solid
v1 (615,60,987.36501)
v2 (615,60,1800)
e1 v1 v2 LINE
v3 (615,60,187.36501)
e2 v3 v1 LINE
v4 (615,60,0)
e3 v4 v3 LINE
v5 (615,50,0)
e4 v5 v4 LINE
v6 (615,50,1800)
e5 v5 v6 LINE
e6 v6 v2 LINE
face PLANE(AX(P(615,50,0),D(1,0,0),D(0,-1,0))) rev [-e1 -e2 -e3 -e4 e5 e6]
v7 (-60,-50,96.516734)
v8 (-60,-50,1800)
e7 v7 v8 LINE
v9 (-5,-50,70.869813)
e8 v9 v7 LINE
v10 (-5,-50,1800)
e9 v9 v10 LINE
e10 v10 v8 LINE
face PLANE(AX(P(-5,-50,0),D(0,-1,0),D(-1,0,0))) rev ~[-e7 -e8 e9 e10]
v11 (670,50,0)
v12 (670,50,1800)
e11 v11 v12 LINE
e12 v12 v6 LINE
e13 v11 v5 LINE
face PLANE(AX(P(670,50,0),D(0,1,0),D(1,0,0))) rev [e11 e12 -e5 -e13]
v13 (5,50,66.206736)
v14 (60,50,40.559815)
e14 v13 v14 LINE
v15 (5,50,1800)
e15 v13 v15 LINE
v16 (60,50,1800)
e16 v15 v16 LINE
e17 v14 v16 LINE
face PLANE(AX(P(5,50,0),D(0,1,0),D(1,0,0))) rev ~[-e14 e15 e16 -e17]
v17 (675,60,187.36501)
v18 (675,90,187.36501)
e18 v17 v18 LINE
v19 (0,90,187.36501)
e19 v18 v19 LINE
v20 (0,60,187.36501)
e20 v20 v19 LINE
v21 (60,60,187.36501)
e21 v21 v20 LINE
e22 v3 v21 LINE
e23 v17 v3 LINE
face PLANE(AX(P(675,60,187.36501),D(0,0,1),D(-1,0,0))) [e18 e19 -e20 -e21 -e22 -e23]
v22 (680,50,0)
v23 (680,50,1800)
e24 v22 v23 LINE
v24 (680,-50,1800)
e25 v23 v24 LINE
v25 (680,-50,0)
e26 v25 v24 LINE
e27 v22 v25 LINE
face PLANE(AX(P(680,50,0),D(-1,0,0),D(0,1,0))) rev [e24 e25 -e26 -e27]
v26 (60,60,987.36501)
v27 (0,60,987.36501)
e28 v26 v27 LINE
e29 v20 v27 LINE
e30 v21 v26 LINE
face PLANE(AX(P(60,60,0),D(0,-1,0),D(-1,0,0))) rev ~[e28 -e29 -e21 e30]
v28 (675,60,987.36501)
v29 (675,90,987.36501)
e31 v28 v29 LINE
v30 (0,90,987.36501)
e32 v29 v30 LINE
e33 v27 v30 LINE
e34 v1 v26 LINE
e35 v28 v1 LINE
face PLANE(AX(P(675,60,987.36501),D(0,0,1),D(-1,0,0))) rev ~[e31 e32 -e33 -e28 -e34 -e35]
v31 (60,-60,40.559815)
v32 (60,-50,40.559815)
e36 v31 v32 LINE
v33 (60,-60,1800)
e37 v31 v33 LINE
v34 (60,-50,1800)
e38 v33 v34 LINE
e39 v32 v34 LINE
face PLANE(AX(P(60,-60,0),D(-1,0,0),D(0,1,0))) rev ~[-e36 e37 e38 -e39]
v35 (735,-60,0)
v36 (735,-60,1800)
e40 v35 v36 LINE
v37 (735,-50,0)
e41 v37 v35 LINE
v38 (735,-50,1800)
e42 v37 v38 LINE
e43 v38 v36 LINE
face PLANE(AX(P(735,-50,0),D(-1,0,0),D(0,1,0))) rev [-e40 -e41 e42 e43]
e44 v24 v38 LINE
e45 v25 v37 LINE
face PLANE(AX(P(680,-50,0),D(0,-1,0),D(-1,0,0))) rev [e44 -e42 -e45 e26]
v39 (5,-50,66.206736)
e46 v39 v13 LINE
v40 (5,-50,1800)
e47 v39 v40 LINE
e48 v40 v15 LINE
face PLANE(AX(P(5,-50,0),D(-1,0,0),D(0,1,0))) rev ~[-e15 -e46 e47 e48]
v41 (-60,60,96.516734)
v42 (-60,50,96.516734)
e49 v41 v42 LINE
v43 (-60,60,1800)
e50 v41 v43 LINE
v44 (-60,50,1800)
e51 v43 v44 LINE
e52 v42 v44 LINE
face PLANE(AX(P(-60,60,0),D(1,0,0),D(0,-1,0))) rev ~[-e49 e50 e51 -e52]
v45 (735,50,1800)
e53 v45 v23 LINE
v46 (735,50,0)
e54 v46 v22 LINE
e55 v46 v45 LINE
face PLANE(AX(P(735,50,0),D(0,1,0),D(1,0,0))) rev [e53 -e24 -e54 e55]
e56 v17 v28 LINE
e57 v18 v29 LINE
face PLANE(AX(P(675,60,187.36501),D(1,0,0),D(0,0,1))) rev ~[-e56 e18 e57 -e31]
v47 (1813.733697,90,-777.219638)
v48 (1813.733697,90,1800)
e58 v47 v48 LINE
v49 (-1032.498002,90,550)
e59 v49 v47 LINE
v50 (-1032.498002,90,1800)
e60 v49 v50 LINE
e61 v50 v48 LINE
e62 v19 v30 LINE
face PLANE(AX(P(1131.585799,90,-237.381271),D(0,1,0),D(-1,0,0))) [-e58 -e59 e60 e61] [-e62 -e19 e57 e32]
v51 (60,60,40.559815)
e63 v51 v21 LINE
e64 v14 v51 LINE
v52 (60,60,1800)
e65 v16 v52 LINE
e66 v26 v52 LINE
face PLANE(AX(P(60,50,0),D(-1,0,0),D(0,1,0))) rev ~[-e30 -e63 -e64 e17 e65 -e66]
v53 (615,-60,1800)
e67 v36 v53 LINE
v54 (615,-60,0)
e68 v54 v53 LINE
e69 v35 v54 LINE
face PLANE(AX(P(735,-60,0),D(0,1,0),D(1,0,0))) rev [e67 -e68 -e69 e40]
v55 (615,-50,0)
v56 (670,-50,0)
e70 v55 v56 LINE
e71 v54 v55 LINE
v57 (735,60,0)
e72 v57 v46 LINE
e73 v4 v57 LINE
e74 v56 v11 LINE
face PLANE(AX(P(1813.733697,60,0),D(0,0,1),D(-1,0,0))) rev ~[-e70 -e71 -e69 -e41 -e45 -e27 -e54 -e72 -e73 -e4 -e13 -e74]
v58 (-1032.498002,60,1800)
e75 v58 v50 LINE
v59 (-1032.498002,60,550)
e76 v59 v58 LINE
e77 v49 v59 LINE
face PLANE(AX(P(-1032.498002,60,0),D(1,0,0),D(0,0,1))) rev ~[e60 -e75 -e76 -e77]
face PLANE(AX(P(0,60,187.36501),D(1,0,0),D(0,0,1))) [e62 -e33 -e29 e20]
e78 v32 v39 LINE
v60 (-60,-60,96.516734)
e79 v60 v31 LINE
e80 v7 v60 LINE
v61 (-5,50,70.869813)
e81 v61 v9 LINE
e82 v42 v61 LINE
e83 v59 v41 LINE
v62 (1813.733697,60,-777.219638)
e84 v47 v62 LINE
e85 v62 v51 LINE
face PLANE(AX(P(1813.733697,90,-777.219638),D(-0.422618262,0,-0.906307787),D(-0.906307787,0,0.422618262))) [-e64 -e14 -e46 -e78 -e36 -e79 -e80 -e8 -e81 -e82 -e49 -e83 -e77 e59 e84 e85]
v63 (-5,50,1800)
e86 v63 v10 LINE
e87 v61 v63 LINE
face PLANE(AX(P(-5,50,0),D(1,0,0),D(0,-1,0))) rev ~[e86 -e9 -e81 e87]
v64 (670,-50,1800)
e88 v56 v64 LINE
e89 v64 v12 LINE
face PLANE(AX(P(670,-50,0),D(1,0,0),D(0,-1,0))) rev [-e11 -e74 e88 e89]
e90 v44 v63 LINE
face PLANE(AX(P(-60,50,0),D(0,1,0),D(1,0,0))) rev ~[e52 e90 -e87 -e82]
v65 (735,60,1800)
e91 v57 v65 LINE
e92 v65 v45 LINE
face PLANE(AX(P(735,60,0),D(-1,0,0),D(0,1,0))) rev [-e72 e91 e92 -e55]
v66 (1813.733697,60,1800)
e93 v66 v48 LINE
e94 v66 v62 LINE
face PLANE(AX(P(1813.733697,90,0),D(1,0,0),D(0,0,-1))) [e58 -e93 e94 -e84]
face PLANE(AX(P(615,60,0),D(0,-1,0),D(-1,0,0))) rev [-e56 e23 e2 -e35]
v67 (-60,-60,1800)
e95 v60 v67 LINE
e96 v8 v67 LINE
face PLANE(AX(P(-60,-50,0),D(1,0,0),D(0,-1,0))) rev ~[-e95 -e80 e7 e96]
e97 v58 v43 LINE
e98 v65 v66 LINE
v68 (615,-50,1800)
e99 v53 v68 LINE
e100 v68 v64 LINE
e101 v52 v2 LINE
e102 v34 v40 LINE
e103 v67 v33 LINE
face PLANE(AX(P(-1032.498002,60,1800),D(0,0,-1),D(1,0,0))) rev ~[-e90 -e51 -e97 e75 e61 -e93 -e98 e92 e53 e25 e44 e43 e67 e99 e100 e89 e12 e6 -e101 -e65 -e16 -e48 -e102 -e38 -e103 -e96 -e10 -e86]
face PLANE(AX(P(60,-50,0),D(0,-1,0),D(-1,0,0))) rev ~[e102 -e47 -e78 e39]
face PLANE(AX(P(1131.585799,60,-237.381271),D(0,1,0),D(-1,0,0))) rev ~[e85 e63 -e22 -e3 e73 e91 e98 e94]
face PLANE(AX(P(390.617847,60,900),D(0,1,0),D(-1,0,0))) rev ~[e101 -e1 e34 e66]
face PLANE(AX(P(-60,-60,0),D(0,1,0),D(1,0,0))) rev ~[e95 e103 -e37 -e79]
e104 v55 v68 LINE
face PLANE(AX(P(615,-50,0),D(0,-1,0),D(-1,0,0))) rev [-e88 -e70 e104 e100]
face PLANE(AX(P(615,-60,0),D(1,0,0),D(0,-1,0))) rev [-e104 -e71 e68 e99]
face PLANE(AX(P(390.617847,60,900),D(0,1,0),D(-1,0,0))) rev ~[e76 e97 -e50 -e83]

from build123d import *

# Parameters (mm, degrees)
F1_DEPTH = 1800
F4_W     = 675
F4_H     = 800
F5_DEPTH = 30
F7_DEPTH = 30
F9_DEPTH = 1003


with BuildPart() as f1:
    # F0 (on Top) → F1 (new body)
    with BuildSketch(Plane.XY):
        Polygon((-60, -60), (-5, -60), (5, -60), (60, -60), (60, -50), (5, -50), (5, 50), (60, 50), (60, 60), (5, 60), (-5, 60), (-60, 60), (-60, 50), (-5, 50), (-5, -50), (-60, -50), align=None)
    extrude(amount=F1_DEPTH)


with BuildPart() as f3_1:
    # F3: instance of F1
    add(f1.part.mirror(Plane.YZ.offset(337.5)))


with BuildPart() as f1_1:
    add(f1.part)

    add(f3_1.part)  # F5 merges F3_1
    # F4 (on face) → F5 (join)
    with BuildSketch(Plane(origin=(0, 60, 0), x_dir=(-1, 0, 0), z_dir=(0, 1, 0))):
        Polygon((0, 1800), (-675, 1800), (-1813.7336969376, 1800), (-1813.7336969376, 0), (-675, 0), (0, 0), (1032.4980020523, 0), (1032.4980020523, 1800), align=None)
        with Locations((-337.5, 587.3650103807)):
            Rectangle(F4_W, F4_H, mode=Mode.SUBTRACT)
    extrude(amount=F5_DEPTH)

    # F6 (on face) → F7 (join)
    with BuildSketch(Plane(origin=(0, 90, 0), x_dir=(-1, 0, 0), z_dir=(0, 1, 0))):
        Polygon((-1813.7336969376, -777.2196381225), (-146.980804228, 0), (-1813.7336969376, 0), align=None)
    extrude(amount=-F7_DEPTH)

    # F8 (on face) → F9 (cut)
    with BuildSketch(Plane(origin=(0, 90, 0), x_dir=(-1, 0, 0), z_dir=(0, 1, 0))):
        Polygon((1032.4980020523, 550), (-146.980804228, 0), (1032.4980020523, 0), align=None)
    extrude(amount=-F9_DEPTH, mode=Mode.SUBTRACT)


solid = f1_1.part
